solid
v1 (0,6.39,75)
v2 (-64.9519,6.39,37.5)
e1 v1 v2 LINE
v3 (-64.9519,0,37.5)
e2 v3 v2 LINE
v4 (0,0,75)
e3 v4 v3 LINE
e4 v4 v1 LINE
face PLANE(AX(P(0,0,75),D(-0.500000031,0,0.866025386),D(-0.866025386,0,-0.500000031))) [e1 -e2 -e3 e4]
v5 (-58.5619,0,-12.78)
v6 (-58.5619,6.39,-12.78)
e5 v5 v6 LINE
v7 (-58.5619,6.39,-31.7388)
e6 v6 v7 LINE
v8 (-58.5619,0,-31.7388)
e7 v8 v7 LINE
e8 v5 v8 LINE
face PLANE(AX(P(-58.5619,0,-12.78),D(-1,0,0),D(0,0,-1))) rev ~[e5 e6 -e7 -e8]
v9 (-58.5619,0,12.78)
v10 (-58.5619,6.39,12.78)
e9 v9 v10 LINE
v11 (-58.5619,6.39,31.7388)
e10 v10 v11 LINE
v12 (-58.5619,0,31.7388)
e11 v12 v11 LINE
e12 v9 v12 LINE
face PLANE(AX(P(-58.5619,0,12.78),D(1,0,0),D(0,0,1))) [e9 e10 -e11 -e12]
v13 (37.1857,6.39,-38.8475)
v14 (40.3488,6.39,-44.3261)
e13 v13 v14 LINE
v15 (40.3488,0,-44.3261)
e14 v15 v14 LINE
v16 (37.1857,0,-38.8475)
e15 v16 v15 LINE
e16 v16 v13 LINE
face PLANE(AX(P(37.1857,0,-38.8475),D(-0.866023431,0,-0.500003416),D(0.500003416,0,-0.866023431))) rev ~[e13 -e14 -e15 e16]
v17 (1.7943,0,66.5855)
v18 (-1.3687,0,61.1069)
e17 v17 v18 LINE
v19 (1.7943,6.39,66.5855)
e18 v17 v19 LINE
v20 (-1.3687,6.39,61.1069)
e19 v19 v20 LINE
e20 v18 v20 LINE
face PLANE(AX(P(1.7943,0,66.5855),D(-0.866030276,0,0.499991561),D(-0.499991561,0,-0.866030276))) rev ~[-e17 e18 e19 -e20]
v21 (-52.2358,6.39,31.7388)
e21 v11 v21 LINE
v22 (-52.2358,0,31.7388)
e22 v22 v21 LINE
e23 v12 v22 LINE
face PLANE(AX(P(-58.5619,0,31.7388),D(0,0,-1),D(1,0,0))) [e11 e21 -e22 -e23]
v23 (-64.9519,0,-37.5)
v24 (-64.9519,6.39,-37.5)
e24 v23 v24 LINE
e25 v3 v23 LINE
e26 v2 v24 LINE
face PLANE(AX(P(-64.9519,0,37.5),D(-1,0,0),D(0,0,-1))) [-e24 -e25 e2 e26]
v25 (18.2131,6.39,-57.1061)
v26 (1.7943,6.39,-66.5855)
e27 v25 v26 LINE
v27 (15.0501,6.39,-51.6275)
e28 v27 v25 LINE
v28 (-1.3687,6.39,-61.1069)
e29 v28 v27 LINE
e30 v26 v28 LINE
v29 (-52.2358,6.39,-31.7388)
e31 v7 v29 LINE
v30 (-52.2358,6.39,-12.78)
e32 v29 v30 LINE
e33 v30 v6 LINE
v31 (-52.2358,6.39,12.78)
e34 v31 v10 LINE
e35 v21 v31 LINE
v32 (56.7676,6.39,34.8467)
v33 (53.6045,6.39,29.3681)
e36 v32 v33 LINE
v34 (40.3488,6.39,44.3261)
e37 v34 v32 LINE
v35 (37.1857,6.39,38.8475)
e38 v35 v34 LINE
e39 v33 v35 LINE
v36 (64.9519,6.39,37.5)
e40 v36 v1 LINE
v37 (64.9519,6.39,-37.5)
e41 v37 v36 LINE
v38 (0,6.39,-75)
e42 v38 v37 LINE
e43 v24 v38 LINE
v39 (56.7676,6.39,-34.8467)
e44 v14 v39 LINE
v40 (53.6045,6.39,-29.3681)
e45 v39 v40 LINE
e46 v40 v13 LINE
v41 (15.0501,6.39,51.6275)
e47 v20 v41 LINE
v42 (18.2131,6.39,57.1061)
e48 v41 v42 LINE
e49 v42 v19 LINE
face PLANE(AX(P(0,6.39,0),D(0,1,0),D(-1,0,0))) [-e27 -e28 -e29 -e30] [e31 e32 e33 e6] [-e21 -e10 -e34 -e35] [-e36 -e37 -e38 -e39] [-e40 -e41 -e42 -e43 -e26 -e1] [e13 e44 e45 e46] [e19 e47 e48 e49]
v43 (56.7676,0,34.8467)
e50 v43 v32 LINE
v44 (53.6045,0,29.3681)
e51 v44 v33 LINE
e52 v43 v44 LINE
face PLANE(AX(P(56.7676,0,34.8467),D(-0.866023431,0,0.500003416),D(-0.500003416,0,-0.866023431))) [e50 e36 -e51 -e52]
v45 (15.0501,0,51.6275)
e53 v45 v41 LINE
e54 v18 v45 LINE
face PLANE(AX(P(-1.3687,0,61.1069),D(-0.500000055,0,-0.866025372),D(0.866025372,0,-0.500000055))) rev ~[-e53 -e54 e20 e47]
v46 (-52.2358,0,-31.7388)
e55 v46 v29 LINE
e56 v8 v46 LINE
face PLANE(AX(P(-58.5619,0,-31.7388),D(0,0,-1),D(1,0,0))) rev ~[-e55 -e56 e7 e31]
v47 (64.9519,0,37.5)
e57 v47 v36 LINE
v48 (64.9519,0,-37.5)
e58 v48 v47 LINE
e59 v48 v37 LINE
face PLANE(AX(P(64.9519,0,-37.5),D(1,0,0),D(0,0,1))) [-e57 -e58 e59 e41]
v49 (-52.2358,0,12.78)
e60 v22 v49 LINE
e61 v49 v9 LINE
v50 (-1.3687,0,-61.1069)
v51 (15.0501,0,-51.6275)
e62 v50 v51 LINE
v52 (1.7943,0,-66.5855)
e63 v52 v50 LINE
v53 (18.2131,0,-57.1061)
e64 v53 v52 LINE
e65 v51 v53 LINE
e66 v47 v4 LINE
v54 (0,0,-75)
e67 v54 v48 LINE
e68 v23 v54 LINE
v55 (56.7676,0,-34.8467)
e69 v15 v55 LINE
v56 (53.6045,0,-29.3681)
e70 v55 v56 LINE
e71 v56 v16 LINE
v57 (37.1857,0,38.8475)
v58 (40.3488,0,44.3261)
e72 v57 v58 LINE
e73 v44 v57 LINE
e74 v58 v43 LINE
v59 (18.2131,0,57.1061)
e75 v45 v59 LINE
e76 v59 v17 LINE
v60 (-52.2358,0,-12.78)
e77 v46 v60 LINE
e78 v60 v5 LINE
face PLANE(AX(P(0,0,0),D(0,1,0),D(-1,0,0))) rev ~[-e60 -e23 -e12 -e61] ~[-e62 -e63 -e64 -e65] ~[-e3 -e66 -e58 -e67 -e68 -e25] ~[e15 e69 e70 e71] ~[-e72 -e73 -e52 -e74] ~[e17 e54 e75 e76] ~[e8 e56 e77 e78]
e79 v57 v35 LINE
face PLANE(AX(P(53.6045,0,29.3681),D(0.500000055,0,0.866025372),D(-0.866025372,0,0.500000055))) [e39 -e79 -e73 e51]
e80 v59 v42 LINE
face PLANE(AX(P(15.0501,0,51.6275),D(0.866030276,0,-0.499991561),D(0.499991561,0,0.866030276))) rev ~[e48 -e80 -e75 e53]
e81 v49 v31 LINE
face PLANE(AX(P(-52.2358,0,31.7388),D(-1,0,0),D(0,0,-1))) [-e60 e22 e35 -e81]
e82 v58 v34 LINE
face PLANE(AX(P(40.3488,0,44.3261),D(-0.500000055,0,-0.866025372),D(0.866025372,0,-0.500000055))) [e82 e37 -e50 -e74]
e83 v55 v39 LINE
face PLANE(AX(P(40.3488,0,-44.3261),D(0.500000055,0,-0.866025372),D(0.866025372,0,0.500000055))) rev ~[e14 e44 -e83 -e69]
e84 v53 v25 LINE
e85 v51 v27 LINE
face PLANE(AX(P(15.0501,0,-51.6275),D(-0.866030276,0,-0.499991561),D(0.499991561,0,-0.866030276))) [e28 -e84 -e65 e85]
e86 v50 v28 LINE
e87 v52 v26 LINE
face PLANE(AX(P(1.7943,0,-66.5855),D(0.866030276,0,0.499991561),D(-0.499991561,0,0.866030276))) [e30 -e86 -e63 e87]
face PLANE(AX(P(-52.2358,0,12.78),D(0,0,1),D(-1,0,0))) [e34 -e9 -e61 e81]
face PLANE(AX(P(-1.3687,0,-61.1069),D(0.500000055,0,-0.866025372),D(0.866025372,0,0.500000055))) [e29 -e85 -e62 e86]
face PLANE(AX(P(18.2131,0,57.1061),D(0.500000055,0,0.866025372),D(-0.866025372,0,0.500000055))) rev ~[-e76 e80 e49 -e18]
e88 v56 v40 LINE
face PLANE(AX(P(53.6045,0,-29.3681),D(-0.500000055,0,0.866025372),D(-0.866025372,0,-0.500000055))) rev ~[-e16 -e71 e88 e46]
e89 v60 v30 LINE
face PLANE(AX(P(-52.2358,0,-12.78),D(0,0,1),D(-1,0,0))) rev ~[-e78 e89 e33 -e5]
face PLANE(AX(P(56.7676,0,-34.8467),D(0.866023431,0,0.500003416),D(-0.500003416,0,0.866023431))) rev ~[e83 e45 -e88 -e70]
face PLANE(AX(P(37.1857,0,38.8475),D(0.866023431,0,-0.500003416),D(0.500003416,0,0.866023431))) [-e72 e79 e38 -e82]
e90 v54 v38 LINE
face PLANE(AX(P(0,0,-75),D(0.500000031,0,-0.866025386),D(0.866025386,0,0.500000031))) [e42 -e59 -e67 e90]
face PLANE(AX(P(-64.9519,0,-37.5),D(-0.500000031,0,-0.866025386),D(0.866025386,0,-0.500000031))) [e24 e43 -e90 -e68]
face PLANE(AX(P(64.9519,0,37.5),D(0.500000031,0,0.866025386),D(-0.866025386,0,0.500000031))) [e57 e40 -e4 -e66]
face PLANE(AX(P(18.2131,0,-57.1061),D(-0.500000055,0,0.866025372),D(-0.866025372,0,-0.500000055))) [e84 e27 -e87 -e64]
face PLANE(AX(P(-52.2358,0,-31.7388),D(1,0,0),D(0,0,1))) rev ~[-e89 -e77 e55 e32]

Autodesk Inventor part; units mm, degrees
ref_plane "YZ Plane" through (0, 0, 0) normal (1, 0, 0) x (0, 1, 0)
ref_plane "XZ Plane" through (0, 0, 0) normal (0, 1, 0) x (-1, 0, 0)
ref_plane "XY Plane" through (0, 0, 0) normal (0, 0, 1) x (1, 0, 0)
sketch "Sketch1" plane through (0, 0, 0) normal (0, 1, 0) x (-1, 0, 0)
  circle A0 centre (0, 0) radius 30 construction
  line L0 (64.9519, -37.5) -> (0, -75)
  line L1 (0, -75) -> (-64.9519, -37.5)
  line L2 (-64.9519, -37.5) -> (-64.9519, 37.5)
  line L3 (-64.9519, 37.5) -> (0, 75)
  line L4 (0, 75) -> (64.9519, 37.5)
  line L5 (64.9519, 37.5) -> (64.9519, -37.5)
  line L6 (58.5619, 31.7388) -> (52.2358, 31.7388)
  line L7 (52.2358, 31.7388) -> (52.2358, 12.78)
  line L8 (52.2358, 12.78) -> (58.5619, 12.78)
  line L9 (58.5619, 12.78) -> (58.5619, 31.7388)
  line L10 (64.9519, 0) -> (0, 0) construction
  line L11 (58.5619, -31.7388) -> (52.2358, -31.7388)
  line L12 (52.2358, -31.7388) -> (52.2358, -12.78)
  line L13 (52.2358, -12.78) -> (58.5619, -12.78)
  line L14 (58.5619, -12.78) -> (58.5619, -31.7388)
  line L15 (-40.3488, 44.3261) -> (-56.7676, 34.8467)
  line L16 (-56.7676, 34.8467) -> (-53.6045, 29.3681)
  line L17 (-53.6045, 29.3681) -> (-37.1857, 38.8475)
  line L18 (-37.1857, 38.8475) -> (-40.3488, 44.3261)
  line L19 (-15.0501, 51.6275) -> (-18.2131, 57.1061)
  line L20 (-18.2131, 57.1061) -> (-1.7943, 66.5855)
  line L21 (-1.7943, 66.5855) -> (1.3687, 61.1069)
  line L22 (1.3687, 61.1069) -> (-15.0501, 51.6275)
  line L23 (-18.2131, -57.1061) -> (-1.7943, -66.5855)
  line L24 (-1.7943, -66.5855) -> (1.3687, -61.1069)
  line L25 (1.3687, -61.1069) -> (-15.0501, -51.6275)
  line L26 (-15.0501, -51.6275) -> (-18.2131, -57.1061)
  line L27 (-37.1857, -38.8475) -> (-40.3488, -44.3261)
  line L28 (-40.3488, -44.3261) -> (-56.7676, -34.8467)
  line L29 (-56.7676, -34.8467) -> (-53.6045, -29.3681)
  line L30 (-53.6045, -29.3681) -> (-37.1857, -38.8475)
  dimension "d0" = 60
  dimension "d2" = 150
  dimension "d3" = 6.3261
  dimension "d4" = 18.9588
  dimension "d5" = 6.39
  dimension "d6" = 12.78
  dimension "d9" = 360
extrude "Extrusion1" add sketch "Sketch1" along normal blind 6.39
equation "\"d3\" = 0.99 * WoodThickness"
equation "\"d4\" = 0.25 * DiskGap"
equation "\"d5\" = WoodThickness"
equation "\"d6\" = 2 * WoodThickness"
equation "\"d11\" = WoodThickness"
equation "\"WoodThickness\" = 6.39"
equation "\"DiskGap\" = 75.835317"
properties part number "LightDiskTop" material "MDF Medium Density Fiberboard"
